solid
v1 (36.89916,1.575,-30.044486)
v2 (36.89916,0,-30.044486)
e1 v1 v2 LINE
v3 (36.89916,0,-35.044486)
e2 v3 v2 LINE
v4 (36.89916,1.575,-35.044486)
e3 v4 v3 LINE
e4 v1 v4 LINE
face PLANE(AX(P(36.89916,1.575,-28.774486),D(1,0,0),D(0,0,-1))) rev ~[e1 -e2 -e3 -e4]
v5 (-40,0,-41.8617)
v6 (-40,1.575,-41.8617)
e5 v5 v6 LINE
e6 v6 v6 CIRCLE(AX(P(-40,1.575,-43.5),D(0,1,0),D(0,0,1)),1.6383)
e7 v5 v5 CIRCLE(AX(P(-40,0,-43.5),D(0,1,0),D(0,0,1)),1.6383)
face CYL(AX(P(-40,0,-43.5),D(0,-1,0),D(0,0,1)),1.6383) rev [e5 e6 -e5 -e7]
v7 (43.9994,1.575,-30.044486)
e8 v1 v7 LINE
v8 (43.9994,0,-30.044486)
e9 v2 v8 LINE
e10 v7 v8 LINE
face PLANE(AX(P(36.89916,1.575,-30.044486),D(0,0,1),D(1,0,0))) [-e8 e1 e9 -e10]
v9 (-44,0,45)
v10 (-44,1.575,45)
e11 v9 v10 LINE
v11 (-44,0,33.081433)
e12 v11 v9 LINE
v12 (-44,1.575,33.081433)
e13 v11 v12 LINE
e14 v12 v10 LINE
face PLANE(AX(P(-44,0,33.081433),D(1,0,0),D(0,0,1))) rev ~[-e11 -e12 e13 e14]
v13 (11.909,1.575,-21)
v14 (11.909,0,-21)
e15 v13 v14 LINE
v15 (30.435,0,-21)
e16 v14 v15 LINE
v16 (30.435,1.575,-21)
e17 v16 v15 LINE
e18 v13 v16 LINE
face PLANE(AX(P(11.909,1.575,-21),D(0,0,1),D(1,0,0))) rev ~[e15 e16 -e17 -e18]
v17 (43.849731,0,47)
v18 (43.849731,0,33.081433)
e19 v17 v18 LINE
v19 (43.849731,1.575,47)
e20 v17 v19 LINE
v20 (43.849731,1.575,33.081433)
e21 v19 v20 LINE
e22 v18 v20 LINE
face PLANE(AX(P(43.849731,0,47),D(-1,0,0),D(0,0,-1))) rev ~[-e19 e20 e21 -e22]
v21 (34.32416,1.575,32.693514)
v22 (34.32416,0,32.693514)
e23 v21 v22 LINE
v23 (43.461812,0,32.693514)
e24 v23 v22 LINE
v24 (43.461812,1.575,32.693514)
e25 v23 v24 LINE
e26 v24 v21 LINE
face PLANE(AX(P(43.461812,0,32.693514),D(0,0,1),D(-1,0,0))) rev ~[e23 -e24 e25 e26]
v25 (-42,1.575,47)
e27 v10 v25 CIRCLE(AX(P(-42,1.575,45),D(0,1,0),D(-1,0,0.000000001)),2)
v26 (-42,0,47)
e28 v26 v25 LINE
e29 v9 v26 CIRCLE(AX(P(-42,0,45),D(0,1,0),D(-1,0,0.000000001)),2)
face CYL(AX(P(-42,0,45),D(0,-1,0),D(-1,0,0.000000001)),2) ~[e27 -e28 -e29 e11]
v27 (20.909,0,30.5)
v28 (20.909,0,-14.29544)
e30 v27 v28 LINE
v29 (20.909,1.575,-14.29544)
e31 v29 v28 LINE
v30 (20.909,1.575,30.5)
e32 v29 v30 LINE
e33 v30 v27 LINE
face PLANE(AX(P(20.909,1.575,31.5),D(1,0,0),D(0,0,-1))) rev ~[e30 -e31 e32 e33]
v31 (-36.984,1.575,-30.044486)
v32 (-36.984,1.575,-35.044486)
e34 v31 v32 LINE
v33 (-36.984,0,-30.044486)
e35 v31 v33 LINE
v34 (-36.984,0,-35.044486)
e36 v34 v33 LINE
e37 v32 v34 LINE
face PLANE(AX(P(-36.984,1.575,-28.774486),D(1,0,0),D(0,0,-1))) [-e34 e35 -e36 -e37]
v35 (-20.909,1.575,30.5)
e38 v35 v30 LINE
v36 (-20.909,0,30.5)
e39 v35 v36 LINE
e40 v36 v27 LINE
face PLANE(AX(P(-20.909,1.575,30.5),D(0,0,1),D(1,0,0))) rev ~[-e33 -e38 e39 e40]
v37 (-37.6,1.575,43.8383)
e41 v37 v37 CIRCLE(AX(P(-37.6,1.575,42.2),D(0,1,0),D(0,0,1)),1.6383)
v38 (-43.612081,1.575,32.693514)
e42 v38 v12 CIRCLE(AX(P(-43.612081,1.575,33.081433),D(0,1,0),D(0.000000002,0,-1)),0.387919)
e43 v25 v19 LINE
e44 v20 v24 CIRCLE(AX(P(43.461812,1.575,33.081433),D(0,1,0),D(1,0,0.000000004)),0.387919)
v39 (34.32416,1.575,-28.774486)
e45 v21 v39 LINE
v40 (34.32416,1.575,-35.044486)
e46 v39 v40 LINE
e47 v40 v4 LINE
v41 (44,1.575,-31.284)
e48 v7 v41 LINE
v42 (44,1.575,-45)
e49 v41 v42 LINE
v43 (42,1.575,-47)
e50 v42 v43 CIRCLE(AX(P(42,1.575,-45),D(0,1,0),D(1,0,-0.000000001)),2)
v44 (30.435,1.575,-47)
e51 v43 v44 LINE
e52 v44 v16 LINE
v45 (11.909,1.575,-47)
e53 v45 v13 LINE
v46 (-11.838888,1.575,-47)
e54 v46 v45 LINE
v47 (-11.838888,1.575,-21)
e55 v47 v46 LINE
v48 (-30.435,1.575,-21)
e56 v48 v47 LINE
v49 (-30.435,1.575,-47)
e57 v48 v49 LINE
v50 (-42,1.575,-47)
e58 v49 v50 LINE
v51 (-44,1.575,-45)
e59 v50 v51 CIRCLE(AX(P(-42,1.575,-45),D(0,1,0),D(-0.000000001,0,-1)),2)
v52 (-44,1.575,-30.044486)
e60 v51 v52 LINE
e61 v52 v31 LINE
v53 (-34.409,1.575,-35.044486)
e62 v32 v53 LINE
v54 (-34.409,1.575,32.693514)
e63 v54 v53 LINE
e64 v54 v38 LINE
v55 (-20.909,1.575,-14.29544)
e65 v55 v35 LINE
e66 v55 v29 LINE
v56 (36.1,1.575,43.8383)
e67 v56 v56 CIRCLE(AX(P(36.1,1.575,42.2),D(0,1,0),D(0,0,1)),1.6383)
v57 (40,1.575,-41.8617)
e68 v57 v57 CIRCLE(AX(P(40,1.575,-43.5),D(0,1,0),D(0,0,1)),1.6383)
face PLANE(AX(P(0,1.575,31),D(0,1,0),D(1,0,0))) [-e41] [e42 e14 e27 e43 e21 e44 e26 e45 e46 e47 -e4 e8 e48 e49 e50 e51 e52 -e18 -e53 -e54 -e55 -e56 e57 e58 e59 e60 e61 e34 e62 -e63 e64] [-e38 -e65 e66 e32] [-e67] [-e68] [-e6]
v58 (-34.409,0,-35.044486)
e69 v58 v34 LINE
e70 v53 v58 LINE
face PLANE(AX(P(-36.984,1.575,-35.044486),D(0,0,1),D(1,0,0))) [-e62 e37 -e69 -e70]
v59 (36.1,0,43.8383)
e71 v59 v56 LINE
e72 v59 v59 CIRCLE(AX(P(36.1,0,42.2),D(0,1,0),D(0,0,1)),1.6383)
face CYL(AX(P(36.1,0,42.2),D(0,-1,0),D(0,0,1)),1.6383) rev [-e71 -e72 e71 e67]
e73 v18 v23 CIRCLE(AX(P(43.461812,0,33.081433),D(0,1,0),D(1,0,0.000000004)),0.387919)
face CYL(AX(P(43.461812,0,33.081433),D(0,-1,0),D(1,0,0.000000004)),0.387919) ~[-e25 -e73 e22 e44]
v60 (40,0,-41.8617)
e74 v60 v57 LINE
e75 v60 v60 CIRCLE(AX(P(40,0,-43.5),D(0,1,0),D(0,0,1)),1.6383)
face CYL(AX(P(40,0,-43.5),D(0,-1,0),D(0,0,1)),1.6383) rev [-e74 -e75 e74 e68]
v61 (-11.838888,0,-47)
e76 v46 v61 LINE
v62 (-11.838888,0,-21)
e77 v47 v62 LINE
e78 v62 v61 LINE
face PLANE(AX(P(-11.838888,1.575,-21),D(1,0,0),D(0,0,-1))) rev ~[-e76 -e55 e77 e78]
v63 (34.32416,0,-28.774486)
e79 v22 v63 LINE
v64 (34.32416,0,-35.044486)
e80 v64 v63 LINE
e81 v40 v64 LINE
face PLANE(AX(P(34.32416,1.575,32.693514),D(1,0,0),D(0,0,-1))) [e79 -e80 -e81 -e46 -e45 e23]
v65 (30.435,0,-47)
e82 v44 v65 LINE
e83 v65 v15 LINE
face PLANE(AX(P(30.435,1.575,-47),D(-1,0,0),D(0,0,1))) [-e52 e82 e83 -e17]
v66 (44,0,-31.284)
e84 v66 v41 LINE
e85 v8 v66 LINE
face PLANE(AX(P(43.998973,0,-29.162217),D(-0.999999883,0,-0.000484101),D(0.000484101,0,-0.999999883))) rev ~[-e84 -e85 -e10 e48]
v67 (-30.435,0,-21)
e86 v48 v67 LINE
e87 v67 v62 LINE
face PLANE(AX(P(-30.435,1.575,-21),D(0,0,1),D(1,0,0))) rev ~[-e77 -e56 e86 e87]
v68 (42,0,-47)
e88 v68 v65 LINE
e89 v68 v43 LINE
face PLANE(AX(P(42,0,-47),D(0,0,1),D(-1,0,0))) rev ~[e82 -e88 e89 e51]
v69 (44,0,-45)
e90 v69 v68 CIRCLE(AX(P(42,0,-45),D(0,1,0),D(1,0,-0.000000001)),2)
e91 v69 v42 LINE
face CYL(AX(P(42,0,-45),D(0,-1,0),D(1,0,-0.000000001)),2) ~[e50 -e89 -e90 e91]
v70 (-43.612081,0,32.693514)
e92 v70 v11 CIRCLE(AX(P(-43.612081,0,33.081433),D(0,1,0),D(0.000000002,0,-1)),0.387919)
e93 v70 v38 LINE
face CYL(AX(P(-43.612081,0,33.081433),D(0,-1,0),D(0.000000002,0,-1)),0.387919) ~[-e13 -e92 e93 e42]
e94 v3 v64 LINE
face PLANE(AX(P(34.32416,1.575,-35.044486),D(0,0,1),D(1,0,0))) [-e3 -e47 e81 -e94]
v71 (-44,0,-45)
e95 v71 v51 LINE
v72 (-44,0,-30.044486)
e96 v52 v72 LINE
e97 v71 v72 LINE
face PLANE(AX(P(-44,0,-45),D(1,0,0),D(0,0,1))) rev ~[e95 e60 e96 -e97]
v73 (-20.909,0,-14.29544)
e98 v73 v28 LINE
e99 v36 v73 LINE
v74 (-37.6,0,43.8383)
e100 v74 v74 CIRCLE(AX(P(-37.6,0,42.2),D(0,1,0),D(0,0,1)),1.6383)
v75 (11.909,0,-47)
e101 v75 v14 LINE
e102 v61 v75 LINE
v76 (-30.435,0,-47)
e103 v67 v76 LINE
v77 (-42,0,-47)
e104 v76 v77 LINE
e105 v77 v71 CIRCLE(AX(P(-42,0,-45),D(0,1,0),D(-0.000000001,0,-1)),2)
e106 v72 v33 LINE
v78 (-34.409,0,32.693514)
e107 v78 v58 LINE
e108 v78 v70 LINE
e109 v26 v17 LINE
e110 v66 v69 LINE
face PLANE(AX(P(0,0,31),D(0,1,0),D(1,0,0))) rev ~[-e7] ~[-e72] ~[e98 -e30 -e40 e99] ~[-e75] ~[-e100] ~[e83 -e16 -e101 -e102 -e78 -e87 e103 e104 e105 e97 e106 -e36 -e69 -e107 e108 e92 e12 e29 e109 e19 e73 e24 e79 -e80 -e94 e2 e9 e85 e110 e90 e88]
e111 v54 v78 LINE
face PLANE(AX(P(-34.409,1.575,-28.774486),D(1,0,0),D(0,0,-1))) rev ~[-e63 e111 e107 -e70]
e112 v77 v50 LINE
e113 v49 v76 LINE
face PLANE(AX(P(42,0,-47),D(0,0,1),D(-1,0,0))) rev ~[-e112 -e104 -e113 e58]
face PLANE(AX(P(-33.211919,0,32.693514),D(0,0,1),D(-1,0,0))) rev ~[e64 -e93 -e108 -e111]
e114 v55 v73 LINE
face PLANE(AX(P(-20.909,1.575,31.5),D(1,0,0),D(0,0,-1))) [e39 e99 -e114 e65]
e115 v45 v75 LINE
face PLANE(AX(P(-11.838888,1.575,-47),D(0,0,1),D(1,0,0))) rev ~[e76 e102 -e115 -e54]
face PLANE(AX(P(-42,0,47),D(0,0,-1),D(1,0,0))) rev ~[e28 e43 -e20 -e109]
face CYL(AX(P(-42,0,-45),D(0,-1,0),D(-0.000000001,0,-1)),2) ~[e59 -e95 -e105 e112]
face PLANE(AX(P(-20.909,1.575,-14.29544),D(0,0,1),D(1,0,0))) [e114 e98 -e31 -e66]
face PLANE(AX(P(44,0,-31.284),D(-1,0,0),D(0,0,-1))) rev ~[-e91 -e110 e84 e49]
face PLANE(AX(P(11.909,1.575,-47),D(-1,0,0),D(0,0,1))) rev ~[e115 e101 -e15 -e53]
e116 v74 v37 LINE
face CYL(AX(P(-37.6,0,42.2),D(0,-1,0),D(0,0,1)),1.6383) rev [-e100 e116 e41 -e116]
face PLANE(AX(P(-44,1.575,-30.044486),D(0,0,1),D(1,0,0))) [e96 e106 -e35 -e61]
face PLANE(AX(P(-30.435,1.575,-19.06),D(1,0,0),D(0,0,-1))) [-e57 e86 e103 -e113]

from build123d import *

# Parameters (mm, degrees)
SKETCH1_R                        = 1.6383
BOSS_EXTRUDE1_DEPTH              = 1.575
CUT_EXTRUDE1_DEPTH               = 2.54
CUTOUTS_FOR_THRUSTER_HEADS_DEPTH = 1.575
NOTCH_FOR_BPR_TOP_VIEW_W         = 2.575
NOTCH_FOR_BPR_TOP_VIEW_H         = 6.27
CUT_EXTRUDE11_DEPTH              = 10
NOTCH_FOR_BPL_TOP_VIEW_W         = 2.575
NOTCH_FOR_BPL_TOP_VIEW_H         = 6.27
CUT_EXTRUDE12_DEPTH              = 65.400936523
SKETCH22_W                       = 1.501374709
SKETCH22_H                       = 61.468
SKETCH22_W_2                     = 1.585
BOSS_EXTRUDE2_DEPTH              = 1.575
SKETCH23_W                       = 7.1002401
SKETCH23_H                       = 1.27
SKETCH23_W_2                     = 7.016
CUT_EXTRUDE13_DEPTH              = 65.400936523
SKETCH25_W                       = 2.5
SKETCH25_H                       = 44.79544
BOSS_EXTRUDE3_DEPTH              = 1.575
SKETCH26_W                       = 2.5
SKETCH26_H                       = 44.79544
BOSS_EXTRUDE4_DEPTH              = 1.575
SKETCH27_W                       = 41.818
SKETCH27_H                       = 1
CUT_EXTRUDE15_DEPTH              = 65.400936523
SKETCH28_W                       = 41.818
SKETCH28_H                       = 1
BOSS_EXTRUDE5_DEPTH              = 1.575


with BuildPart() as part:
    # Sketch1 → Boss-Extrude1 (new body)
    with BuildSketch(Plane(origin=(0, 0, 0), x_dir=(1, 0, 0), z_dir=(0, 1, 0))):
        with BuildLine():
            Line((-44, 45), (-44, 29.162404323))
            ThreePointArc((-44, 29.162404323), (-43.886381258, 28.888104416), (-43.612081351, 28.774485674))
            Line((-43.612081351, 28.774485674), (-33.211918649, 28.774485674))
            ThreePointArc((-33.211918649, 28.774485674), (-32.937618742, 28.660866933), (-32.824, 28.386567026))
            Line((-32.824, 28.386567026), (-32.824, -32.305595677))
            ThreePointArc((-32.824, -32.305595677), (-32.937618742, -32.579895584), (-33.211918649, -32.693514326))
            Line((-33.211918649, -32.693514326), (-36.100000052, -32.693514326))
            Line((-36.100000052, -32.693514326), (-43.612081299, -32.693514326))
            ThreePointArc((-43.612081299, -32.693514326), (-43.886381206, -32.807133067), (-43.999999948, -33.081432974))
            Line((-43.999999948, -33.081432974), (-43.999999948, -38.977))
            Line((-43.999999948, -38.977), (-43.999999948, -45))
            ThreePointArc((-43.999999948, -45), (-43.41421351, -46.414213562), (-41.999999948, -47))
            Line((-41.999999948, -47), (42.705916546, -47))
            Line((42.705916546, -47), (43.849731117, -47))
            Line((43.849731117, -47), (43.849731117, -38.27))
            Line((43.849731117, -38.27), (43.849731117, -33.081432974))
            ThreePointArc((43.849731117, -33.081432974), (43.736112376, -32.807133067), (43.461812469, -32.693514326))
            Line((43.461812469, -32.693514326), (36.098785193, -32.693514326))
            Line((36.098785193, -32.693514326), (33.824, -32.693514326))
            Line((33.824, -32.693514326), (32.822785141, -32.693514326))
            Line((32.822785141, -32.693514326), (32.822785141, -30.469351623))
            Line((32.822785141, -30.469351623), (32.822785141, 27.774485674))
            ThreePointArc((32.822785141, 27.774485674), (33.11567836, 28.481592456), (33.822785141, 28.774485674))
            Line((33.822785141, 28.774485674), (43.611054239, 28.774485674))
            ThreePointArc((43.611054239, 28.774485674), (43.885287743, 28.88803803), (43.998972842, 29.162216531))
            Line((43.998972842, 29.162216531), (44, 31.284))
            Line((44, 31.284), (44, 45))
            ThreePointArc((44, 45), (43.414213562, 46.414213562), (42, 47))
            Line((42, 47), (-42, 47))
            ThreePointArc((-42, 47), (-43.414213562, 46.414213562), (-44, 45))
        make_face()
        with Locations(Location((40, 43.5, 0), (0, 0, 270))):
            Circle(SKETCH1_R, mode=Mode.SUBTRACT)
        with Locations(Location((-40, 43.5, 0), (0, 0, 270))):
            Circle(SKETCH1_R, mode=Mode.SUBTRACT)
        with Locations(Location((-37.599999948, -42.2, 0), (0, 0, 270))):
            Circle(SKETCH1_R, mode=Mode.SUBTRACT)
        with Locations(Location((36.100000052, -42.2, 0), (0, 0, 270))):
            Circle(SKETCH1_R, mode=Mode.SUBTRACT)
        Polygon((23.409, -31.5), (-23.409, -31.5), (-23.409, 13.29544), (-12.909, 13.29544), (-12.909, 25.99544), (12.909, 25.99544), (12.909, 13.29544), (23.409, 13.29544), align=None, mode=Mode.SUBTRACT)
    extrude(amount=BOSS_EXTRUDE1_DEPTH)

    # Sketch2 → Cut-Extrude1 (cut)
    with BuildSketch(Plane(origin=(0, 1.575, 0), x_dir=(1, 0, 0), z_dir=(0, 1, 0))):
        Polygon((-12.909, 19.06), (-30.435, 19.06), (-30.435, 47), (30.435, 47), (30.435, 19.06), (12.909, 19.06), (12.909, 25.99544), (-12.909, 25.99544), align=None)
    extrude(amount=-CUT_EXTRUDE1_DEPTH, mode=Mode.SUBTRACT)

    # Sketch16 → Cutouts for Thruster Heads (add)
    with BuildSketch(Plane(origin=(0, 1.575, 0), x_dir=(1, 0, 0), z_dir=(0, 1, 0))):
        Polygon((12.909, 19.06), (12.909, 13.29544), (-12.909, 13.29544), (-12.909, 19.06), (-30.435, 19.06), (-30.435, 21), (-11.838888217, 21), (-11.838888217, 47), (11.909, 47), (11.909, 21), (30.435, 21), (30.435, 19.06), align=None)
    extrude(amount=-CUTOUTS_FOR_THRUSTER_HEADS_DEPTH)

    # Notch for BPR (TOP VIEW) → Cut-Extrude11 (cut)
    with BuildSketch(Plane(origin=(0, 1.575, 0), x_dir=(1, 0, 0), z_dir=(0, 1, 0))):
        with Locations((-35.6965, 31.909485674)):
            Rectangle(NOTCH_FOR_BPR_TOP_VIEW_W, NOTCH_FOR_BPR_TOP_VIEW_H)
    extrude(amount=-CUT_EXTRUDE11_DEPTH, mode=Mode.SUBTRACT)

    # Notch for BPL (TOP VIEW) → Cut-Extrude12 (cut, through all)
    with BuildSketch(Plane(origin=(0, 1.575, 0), x_dir=(1, 0, 0), z_dir=(0, 1, 0))):
        with Locations((35.61165985, 31.909485674)):
            Rectangle(NOTCH_FOR_BPL_TOP_VIEW_W, NOTCH_FOR_BPL_TOP_VIEW_H)
    extrude(amount=-CUT_EXTRUDE12_DEPTH, mode=Mode.SUBTRACT)

    # Sketch22 → Boss-Extrude2 (add)
    with BuildSketch(Plane(origin=(0, 1.575, 0), x_dir=(1, 0, 0), z_dir=(0, 1, 0))):
        with Locations((33.573472495, -1.959514326)):
            Rectangle(SKETCH22_W, SKETCH22_H)
        with Locations((-33.6165, -1.959514326)):
            Rectangle(SKETCH22_W_2, SKETCH22_H)
    extrude(amount=-BOSS_EXTRUDE2_DEPTH)

    # Sketch23 → Cut-Extrude13 (cut, through all)
    with BuildSketch(Plane(origin=(0, 1.575, 0), x_dir=(1, 0, 0), z_dir=(0, 1, 0))):
        with Locations((40.4492799, 29.409485674)):
            Rectangle(SKETCH23_W, SKETCH23_H)
        with Locations((-40.492, 29.409485674)):
            Rectangle(SKETCH23_W_2, SKETCH23_H)
    extrude(amount=-CUT_EXTRUDE13_DEPTH, mode=Mode.SUBTRACT)

    # Sketch25 → Boss-Extrude3 (add)
    with BuildSketch(Plane(origin=(0, 1.575, 0), x_dir=(1, 0, 0), z_dir=(0, 1, 0))):
        with Locations((22.159, -9.10228)):
            Rectangle(SKETCH25_W, SKETCH25_H)
    extrude(amount=-BOSS_EXTRUDE3_DEPTH)

    # Sketch26 → Boss-Extrude4 (add)
    with BuildSketch(Plane(origin=(0, 1.575, 0), x_dir=(1, 0, 0), z_dir=(0, 1, 0))):
        with Locations((-22.159, -9.10228)):
            Rectangle(SKETCH26_W, SKETCH26_H)
    extrude(amount=-BOSS_EXTRUDE4_DEPTH)

    # Sketch27 → Cut-Extrude15 (cut, through all)
    with BuildSketch(Plane(origin=(0, 1.575, 0), x_dir=(1, 0, 0), z_dir=(0, 1, 0))):
        with Locations((0, 13.79544)):
            Rectangle(SKETCH27_W, SKETCH27_H)
    extrude(amount=-CUT_EXTRUDE15_DEPTH, mode=Mode.SUBTRACT)

    # Sketch28 → Boss-Extrude5 (add)
    with BuildSketch(Plane(origin=(0, 1.575, 0), x_dir=(1, 0, 0), z_dir=(0, 1, 0))):
        with Locations((0, -31)):
            Rectangle(SKETCH28_W, SKETCH28_H)
    extrude(amount=-BOSS_EXTRUDE5_DEPTH)


solid = part.part
